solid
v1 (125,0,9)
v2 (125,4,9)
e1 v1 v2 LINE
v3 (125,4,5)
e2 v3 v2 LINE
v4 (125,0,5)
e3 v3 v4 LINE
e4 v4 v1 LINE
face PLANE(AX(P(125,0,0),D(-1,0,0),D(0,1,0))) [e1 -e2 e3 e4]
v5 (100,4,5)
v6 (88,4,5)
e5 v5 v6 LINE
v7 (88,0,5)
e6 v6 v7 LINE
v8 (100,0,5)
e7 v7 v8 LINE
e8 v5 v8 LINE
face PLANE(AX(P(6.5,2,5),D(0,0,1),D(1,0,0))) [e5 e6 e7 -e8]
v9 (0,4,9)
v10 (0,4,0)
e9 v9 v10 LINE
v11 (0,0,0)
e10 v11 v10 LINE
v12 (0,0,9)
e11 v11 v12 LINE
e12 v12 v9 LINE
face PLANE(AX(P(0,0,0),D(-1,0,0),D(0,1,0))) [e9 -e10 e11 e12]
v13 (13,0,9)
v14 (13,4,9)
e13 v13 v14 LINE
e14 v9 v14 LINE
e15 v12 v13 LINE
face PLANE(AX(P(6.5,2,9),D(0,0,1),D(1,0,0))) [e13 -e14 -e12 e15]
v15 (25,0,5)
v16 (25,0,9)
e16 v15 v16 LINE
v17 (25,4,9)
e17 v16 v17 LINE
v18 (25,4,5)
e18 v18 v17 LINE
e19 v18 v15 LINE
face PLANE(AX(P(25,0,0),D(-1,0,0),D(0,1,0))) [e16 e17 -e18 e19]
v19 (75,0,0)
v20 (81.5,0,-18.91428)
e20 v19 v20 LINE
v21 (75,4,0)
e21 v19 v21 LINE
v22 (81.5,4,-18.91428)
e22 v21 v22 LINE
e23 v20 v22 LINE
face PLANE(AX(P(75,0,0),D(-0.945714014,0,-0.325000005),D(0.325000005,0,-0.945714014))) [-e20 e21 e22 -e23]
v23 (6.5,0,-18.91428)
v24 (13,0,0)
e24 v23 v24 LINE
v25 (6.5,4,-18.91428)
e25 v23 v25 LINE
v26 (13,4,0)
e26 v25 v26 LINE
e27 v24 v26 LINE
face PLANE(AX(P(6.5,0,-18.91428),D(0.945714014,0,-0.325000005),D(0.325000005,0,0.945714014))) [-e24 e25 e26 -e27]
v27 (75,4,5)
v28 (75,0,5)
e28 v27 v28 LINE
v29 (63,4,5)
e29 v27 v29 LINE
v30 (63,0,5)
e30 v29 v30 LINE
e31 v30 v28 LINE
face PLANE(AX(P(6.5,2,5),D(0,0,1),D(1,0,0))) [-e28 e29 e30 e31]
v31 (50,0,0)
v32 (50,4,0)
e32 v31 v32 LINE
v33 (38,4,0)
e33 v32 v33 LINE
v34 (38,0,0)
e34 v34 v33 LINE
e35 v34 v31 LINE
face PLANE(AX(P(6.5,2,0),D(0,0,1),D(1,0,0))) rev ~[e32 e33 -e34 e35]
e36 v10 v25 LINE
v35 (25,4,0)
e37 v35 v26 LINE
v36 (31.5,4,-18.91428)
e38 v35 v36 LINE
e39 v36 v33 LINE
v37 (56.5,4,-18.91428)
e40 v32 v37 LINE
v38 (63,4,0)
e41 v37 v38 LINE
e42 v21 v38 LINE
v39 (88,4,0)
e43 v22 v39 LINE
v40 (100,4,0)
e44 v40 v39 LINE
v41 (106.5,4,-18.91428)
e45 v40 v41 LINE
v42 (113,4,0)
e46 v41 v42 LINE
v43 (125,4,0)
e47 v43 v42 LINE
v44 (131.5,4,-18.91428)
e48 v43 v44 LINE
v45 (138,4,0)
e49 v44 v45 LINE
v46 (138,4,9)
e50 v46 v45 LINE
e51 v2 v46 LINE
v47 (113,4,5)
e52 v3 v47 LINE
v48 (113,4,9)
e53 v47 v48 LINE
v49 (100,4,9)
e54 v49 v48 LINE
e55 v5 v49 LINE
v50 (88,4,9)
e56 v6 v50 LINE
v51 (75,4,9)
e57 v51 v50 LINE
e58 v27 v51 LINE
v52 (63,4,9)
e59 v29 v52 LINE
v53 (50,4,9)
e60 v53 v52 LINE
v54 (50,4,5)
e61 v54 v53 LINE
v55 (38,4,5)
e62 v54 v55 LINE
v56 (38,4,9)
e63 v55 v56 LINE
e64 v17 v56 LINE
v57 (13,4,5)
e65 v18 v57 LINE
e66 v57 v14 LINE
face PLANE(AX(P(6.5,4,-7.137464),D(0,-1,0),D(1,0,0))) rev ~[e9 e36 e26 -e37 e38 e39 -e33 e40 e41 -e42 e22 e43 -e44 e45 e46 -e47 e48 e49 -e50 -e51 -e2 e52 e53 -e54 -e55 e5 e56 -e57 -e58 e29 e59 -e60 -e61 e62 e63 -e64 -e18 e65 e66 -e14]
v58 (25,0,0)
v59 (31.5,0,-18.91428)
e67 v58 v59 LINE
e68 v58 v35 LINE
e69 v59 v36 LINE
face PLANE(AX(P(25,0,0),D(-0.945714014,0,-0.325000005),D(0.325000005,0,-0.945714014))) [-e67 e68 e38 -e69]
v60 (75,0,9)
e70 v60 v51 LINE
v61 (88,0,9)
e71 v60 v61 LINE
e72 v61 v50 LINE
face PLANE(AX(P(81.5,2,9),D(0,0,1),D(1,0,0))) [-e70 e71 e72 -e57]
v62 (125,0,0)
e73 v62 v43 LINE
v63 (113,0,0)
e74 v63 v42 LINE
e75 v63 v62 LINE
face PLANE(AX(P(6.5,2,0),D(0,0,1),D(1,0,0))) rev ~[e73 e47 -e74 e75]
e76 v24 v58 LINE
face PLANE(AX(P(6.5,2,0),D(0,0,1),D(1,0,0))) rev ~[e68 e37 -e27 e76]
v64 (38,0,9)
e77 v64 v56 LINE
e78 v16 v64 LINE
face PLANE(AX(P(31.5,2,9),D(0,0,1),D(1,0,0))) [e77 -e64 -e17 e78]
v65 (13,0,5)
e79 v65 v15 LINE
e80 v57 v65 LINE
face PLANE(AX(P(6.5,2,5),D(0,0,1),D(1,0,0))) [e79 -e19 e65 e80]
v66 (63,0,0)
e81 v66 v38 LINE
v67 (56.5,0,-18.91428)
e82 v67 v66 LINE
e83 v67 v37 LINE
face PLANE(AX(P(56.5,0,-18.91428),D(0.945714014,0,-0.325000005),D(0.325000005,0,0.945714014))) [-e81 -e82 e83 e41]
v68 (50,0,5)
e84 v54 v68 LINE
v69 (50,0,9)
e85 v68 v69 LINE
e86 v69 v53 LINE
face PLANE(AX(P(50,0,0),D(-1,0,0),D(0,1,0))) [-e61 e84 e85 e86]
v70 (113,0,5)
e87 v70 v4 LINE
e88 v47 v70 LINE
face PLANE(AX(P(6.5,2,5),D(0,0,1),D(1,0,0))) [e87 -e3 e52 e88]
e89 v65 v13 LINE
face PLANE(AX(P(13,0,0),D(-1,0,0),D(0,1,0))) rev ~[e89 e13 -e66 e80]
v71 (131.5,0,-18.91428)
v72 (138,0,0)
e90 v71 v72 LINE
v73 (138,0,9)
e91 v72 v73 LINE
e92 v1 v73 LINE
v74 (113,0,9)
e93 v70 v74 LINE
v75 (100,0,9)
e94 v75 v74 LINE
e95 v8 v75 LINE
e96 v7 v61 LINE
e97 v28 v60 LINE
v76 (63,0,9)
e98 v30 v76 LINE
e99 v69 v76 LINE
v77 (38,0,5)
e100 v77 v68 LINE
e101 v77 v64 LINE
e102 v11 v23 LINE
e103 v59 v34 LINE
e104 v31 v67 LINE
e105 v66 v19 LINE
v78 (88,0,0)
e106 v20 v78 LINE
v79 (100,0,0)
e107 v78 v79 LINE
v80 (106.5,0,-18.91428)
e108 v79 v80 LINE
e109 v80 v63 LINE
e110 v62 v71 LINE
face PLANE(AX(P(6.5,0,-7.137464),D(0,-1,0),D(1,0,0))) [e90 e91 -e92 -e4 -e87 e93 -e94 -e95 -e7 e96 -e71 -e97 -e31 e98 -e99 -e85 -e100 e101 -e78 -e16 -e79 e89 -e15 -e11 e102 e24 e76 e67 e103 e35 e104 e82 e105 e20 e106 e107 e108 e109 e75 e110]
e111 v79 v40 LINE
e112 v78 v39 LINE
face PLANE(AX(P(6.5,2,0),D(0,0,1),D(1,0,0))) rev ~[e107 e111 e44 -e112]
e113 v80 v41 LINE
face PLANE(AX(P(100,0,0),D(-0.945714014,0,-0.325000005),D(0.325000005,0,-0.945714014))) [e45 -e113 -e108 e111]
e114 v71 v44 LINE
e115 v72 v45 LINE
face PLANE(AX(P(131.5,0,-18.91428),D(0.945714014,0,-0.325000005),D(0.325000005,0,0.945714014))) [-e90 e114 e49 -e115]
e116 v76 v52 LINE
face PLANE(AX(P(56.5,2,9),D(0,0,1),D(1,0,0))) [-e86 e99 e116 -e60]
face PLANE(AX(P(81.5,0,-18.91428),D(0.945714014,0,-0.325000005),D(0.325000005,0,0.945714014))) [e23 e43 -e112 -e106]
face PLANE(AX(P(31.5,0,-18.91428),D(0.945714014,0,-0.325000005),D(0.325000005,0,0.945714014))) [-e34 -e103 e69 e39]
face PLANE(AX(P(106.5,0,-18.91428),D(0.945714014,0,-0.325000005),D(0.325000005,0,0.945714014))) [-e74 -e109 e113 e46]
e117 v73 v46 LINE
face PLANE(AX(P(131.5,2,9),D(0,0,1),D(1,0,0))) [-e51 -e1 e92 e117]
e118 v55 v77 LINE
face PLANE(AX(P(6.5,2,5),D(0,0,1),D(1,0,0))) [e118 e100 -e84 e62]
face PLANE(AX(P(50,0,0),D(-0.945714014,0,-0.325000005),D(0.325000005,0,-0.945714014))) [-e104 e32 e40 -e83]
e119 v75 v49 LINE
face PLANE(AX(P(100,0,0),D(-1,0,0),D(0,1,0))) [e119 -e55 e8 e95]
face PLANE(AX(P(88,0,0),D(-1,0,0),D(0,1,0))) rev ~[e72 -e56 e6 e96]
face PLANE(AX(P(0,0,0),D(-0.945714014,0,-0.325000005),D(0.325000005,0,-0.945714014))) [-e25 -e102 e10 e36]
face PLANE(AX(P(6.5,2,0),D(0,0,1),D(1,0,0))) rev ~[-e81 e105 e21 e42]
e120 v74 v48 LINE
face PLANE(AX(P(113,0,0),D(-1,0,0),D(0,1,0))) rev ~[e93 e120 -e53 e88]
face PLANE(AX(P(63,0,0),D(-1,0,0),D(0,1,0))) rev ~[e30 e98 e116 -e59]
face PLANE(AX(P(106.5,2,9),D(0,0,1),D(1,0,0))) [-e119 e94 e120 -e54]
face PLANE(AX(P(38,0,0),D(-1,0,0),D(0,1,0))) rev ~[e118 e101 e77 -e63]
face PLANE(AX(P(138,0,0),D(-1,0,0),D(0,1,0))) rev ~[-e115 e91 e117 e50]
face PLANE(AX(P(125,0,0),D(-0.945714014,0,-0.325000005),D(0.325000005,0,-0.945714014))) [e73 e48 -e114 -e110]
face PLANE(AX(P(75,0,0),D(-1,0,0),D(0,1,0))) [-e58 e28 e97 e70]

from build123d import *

# Parameters (mm, degrees)
F0_W     = 13
F0_H     = 4
F0_W_2   = 12
F1_DEPTH = 5
F2_DEPTH = 9
F4_DEPTH = 4


with BuildPart() as f1:
    # F0 (on Top) → F1 (new body)
    with BuildSketch(Plane.XY):
        with Locations((6.5, 2)):
            Rectangle(F0_W, F0_H)
        with Locations((19, 2)):
            Rectangle(F0_W_2, F0_H)
        with Locations((31.5, 2)):
            Rectangle(F0_W, F0_H)
        with Locations((44, 2)):
            Rectangle(F0_W_2, F0_H)
        with Locations((56.5, 2)):
            Rectangle(F0_W, F0_H)
        with Locations((69, 2)):
            Rectangle(F0_W_2, F0_H)
        with Locations((81.5, 2)):
            Rectangle(F0_W, F0_H)
        with Locations((94, 2)):
            Rectangle(F0_W_2, F0_H)
        with Locations((106.5, 2)):
            Rectangle(F0_W, F0_H)
        with Locations((119, 2)):
            Rectangle(F0_W_2, F0_H)
        with Locations((131.5, 2)):
            Rectangle(F0_W, F0_H)
    extrude(amount=F1_DEPTH)

    # F0 (on Top) → F2 (join)
    with BuildSketch(Plane.XY):
        with Locations((6.5, 2)):
            Rectangle(F0_W, F0_H)
        with Locations((31.5, 2)):
            Rectangle(F0_W, F0_H)
        with Locations((56.5, 2)):
            Rectangle(F0_W, F0_H)
        with Locations((81.5, 2)):
            Rectangle(F0_W, F0_H)
        with Locations((106.5, 2)):
            Rectangle(F0_W, F0_H)
        with Locations((131.5, 2)):
            Rectangle(F0_W, F0_H)
    extrude(amount=F2_DEPTH)

    # F3 (on face) → F4 (join)
    with BuildSketch(Plane.XZ):
        Polygon((13, 0), (0, 0), (6.5, -18.91428), align=None)
        Polygon((38, 0), (25, 0), (31.5, -18.91428), align=None)
        Polygon((63, 0), (50, 0), (56.5, -18.91428), align=None)
        Polygon((88, 0), (75, 0), (81.5, -18.91428), align=None)
        Polygon((113, 0), (100, 0), (106.5, -18.91428), align=None)
        Polygon((138, 0), (125, 0), (131.5, -18.91428), align=None)
    extrude(amount=-F4_DEPTH)


solid = f1.part
